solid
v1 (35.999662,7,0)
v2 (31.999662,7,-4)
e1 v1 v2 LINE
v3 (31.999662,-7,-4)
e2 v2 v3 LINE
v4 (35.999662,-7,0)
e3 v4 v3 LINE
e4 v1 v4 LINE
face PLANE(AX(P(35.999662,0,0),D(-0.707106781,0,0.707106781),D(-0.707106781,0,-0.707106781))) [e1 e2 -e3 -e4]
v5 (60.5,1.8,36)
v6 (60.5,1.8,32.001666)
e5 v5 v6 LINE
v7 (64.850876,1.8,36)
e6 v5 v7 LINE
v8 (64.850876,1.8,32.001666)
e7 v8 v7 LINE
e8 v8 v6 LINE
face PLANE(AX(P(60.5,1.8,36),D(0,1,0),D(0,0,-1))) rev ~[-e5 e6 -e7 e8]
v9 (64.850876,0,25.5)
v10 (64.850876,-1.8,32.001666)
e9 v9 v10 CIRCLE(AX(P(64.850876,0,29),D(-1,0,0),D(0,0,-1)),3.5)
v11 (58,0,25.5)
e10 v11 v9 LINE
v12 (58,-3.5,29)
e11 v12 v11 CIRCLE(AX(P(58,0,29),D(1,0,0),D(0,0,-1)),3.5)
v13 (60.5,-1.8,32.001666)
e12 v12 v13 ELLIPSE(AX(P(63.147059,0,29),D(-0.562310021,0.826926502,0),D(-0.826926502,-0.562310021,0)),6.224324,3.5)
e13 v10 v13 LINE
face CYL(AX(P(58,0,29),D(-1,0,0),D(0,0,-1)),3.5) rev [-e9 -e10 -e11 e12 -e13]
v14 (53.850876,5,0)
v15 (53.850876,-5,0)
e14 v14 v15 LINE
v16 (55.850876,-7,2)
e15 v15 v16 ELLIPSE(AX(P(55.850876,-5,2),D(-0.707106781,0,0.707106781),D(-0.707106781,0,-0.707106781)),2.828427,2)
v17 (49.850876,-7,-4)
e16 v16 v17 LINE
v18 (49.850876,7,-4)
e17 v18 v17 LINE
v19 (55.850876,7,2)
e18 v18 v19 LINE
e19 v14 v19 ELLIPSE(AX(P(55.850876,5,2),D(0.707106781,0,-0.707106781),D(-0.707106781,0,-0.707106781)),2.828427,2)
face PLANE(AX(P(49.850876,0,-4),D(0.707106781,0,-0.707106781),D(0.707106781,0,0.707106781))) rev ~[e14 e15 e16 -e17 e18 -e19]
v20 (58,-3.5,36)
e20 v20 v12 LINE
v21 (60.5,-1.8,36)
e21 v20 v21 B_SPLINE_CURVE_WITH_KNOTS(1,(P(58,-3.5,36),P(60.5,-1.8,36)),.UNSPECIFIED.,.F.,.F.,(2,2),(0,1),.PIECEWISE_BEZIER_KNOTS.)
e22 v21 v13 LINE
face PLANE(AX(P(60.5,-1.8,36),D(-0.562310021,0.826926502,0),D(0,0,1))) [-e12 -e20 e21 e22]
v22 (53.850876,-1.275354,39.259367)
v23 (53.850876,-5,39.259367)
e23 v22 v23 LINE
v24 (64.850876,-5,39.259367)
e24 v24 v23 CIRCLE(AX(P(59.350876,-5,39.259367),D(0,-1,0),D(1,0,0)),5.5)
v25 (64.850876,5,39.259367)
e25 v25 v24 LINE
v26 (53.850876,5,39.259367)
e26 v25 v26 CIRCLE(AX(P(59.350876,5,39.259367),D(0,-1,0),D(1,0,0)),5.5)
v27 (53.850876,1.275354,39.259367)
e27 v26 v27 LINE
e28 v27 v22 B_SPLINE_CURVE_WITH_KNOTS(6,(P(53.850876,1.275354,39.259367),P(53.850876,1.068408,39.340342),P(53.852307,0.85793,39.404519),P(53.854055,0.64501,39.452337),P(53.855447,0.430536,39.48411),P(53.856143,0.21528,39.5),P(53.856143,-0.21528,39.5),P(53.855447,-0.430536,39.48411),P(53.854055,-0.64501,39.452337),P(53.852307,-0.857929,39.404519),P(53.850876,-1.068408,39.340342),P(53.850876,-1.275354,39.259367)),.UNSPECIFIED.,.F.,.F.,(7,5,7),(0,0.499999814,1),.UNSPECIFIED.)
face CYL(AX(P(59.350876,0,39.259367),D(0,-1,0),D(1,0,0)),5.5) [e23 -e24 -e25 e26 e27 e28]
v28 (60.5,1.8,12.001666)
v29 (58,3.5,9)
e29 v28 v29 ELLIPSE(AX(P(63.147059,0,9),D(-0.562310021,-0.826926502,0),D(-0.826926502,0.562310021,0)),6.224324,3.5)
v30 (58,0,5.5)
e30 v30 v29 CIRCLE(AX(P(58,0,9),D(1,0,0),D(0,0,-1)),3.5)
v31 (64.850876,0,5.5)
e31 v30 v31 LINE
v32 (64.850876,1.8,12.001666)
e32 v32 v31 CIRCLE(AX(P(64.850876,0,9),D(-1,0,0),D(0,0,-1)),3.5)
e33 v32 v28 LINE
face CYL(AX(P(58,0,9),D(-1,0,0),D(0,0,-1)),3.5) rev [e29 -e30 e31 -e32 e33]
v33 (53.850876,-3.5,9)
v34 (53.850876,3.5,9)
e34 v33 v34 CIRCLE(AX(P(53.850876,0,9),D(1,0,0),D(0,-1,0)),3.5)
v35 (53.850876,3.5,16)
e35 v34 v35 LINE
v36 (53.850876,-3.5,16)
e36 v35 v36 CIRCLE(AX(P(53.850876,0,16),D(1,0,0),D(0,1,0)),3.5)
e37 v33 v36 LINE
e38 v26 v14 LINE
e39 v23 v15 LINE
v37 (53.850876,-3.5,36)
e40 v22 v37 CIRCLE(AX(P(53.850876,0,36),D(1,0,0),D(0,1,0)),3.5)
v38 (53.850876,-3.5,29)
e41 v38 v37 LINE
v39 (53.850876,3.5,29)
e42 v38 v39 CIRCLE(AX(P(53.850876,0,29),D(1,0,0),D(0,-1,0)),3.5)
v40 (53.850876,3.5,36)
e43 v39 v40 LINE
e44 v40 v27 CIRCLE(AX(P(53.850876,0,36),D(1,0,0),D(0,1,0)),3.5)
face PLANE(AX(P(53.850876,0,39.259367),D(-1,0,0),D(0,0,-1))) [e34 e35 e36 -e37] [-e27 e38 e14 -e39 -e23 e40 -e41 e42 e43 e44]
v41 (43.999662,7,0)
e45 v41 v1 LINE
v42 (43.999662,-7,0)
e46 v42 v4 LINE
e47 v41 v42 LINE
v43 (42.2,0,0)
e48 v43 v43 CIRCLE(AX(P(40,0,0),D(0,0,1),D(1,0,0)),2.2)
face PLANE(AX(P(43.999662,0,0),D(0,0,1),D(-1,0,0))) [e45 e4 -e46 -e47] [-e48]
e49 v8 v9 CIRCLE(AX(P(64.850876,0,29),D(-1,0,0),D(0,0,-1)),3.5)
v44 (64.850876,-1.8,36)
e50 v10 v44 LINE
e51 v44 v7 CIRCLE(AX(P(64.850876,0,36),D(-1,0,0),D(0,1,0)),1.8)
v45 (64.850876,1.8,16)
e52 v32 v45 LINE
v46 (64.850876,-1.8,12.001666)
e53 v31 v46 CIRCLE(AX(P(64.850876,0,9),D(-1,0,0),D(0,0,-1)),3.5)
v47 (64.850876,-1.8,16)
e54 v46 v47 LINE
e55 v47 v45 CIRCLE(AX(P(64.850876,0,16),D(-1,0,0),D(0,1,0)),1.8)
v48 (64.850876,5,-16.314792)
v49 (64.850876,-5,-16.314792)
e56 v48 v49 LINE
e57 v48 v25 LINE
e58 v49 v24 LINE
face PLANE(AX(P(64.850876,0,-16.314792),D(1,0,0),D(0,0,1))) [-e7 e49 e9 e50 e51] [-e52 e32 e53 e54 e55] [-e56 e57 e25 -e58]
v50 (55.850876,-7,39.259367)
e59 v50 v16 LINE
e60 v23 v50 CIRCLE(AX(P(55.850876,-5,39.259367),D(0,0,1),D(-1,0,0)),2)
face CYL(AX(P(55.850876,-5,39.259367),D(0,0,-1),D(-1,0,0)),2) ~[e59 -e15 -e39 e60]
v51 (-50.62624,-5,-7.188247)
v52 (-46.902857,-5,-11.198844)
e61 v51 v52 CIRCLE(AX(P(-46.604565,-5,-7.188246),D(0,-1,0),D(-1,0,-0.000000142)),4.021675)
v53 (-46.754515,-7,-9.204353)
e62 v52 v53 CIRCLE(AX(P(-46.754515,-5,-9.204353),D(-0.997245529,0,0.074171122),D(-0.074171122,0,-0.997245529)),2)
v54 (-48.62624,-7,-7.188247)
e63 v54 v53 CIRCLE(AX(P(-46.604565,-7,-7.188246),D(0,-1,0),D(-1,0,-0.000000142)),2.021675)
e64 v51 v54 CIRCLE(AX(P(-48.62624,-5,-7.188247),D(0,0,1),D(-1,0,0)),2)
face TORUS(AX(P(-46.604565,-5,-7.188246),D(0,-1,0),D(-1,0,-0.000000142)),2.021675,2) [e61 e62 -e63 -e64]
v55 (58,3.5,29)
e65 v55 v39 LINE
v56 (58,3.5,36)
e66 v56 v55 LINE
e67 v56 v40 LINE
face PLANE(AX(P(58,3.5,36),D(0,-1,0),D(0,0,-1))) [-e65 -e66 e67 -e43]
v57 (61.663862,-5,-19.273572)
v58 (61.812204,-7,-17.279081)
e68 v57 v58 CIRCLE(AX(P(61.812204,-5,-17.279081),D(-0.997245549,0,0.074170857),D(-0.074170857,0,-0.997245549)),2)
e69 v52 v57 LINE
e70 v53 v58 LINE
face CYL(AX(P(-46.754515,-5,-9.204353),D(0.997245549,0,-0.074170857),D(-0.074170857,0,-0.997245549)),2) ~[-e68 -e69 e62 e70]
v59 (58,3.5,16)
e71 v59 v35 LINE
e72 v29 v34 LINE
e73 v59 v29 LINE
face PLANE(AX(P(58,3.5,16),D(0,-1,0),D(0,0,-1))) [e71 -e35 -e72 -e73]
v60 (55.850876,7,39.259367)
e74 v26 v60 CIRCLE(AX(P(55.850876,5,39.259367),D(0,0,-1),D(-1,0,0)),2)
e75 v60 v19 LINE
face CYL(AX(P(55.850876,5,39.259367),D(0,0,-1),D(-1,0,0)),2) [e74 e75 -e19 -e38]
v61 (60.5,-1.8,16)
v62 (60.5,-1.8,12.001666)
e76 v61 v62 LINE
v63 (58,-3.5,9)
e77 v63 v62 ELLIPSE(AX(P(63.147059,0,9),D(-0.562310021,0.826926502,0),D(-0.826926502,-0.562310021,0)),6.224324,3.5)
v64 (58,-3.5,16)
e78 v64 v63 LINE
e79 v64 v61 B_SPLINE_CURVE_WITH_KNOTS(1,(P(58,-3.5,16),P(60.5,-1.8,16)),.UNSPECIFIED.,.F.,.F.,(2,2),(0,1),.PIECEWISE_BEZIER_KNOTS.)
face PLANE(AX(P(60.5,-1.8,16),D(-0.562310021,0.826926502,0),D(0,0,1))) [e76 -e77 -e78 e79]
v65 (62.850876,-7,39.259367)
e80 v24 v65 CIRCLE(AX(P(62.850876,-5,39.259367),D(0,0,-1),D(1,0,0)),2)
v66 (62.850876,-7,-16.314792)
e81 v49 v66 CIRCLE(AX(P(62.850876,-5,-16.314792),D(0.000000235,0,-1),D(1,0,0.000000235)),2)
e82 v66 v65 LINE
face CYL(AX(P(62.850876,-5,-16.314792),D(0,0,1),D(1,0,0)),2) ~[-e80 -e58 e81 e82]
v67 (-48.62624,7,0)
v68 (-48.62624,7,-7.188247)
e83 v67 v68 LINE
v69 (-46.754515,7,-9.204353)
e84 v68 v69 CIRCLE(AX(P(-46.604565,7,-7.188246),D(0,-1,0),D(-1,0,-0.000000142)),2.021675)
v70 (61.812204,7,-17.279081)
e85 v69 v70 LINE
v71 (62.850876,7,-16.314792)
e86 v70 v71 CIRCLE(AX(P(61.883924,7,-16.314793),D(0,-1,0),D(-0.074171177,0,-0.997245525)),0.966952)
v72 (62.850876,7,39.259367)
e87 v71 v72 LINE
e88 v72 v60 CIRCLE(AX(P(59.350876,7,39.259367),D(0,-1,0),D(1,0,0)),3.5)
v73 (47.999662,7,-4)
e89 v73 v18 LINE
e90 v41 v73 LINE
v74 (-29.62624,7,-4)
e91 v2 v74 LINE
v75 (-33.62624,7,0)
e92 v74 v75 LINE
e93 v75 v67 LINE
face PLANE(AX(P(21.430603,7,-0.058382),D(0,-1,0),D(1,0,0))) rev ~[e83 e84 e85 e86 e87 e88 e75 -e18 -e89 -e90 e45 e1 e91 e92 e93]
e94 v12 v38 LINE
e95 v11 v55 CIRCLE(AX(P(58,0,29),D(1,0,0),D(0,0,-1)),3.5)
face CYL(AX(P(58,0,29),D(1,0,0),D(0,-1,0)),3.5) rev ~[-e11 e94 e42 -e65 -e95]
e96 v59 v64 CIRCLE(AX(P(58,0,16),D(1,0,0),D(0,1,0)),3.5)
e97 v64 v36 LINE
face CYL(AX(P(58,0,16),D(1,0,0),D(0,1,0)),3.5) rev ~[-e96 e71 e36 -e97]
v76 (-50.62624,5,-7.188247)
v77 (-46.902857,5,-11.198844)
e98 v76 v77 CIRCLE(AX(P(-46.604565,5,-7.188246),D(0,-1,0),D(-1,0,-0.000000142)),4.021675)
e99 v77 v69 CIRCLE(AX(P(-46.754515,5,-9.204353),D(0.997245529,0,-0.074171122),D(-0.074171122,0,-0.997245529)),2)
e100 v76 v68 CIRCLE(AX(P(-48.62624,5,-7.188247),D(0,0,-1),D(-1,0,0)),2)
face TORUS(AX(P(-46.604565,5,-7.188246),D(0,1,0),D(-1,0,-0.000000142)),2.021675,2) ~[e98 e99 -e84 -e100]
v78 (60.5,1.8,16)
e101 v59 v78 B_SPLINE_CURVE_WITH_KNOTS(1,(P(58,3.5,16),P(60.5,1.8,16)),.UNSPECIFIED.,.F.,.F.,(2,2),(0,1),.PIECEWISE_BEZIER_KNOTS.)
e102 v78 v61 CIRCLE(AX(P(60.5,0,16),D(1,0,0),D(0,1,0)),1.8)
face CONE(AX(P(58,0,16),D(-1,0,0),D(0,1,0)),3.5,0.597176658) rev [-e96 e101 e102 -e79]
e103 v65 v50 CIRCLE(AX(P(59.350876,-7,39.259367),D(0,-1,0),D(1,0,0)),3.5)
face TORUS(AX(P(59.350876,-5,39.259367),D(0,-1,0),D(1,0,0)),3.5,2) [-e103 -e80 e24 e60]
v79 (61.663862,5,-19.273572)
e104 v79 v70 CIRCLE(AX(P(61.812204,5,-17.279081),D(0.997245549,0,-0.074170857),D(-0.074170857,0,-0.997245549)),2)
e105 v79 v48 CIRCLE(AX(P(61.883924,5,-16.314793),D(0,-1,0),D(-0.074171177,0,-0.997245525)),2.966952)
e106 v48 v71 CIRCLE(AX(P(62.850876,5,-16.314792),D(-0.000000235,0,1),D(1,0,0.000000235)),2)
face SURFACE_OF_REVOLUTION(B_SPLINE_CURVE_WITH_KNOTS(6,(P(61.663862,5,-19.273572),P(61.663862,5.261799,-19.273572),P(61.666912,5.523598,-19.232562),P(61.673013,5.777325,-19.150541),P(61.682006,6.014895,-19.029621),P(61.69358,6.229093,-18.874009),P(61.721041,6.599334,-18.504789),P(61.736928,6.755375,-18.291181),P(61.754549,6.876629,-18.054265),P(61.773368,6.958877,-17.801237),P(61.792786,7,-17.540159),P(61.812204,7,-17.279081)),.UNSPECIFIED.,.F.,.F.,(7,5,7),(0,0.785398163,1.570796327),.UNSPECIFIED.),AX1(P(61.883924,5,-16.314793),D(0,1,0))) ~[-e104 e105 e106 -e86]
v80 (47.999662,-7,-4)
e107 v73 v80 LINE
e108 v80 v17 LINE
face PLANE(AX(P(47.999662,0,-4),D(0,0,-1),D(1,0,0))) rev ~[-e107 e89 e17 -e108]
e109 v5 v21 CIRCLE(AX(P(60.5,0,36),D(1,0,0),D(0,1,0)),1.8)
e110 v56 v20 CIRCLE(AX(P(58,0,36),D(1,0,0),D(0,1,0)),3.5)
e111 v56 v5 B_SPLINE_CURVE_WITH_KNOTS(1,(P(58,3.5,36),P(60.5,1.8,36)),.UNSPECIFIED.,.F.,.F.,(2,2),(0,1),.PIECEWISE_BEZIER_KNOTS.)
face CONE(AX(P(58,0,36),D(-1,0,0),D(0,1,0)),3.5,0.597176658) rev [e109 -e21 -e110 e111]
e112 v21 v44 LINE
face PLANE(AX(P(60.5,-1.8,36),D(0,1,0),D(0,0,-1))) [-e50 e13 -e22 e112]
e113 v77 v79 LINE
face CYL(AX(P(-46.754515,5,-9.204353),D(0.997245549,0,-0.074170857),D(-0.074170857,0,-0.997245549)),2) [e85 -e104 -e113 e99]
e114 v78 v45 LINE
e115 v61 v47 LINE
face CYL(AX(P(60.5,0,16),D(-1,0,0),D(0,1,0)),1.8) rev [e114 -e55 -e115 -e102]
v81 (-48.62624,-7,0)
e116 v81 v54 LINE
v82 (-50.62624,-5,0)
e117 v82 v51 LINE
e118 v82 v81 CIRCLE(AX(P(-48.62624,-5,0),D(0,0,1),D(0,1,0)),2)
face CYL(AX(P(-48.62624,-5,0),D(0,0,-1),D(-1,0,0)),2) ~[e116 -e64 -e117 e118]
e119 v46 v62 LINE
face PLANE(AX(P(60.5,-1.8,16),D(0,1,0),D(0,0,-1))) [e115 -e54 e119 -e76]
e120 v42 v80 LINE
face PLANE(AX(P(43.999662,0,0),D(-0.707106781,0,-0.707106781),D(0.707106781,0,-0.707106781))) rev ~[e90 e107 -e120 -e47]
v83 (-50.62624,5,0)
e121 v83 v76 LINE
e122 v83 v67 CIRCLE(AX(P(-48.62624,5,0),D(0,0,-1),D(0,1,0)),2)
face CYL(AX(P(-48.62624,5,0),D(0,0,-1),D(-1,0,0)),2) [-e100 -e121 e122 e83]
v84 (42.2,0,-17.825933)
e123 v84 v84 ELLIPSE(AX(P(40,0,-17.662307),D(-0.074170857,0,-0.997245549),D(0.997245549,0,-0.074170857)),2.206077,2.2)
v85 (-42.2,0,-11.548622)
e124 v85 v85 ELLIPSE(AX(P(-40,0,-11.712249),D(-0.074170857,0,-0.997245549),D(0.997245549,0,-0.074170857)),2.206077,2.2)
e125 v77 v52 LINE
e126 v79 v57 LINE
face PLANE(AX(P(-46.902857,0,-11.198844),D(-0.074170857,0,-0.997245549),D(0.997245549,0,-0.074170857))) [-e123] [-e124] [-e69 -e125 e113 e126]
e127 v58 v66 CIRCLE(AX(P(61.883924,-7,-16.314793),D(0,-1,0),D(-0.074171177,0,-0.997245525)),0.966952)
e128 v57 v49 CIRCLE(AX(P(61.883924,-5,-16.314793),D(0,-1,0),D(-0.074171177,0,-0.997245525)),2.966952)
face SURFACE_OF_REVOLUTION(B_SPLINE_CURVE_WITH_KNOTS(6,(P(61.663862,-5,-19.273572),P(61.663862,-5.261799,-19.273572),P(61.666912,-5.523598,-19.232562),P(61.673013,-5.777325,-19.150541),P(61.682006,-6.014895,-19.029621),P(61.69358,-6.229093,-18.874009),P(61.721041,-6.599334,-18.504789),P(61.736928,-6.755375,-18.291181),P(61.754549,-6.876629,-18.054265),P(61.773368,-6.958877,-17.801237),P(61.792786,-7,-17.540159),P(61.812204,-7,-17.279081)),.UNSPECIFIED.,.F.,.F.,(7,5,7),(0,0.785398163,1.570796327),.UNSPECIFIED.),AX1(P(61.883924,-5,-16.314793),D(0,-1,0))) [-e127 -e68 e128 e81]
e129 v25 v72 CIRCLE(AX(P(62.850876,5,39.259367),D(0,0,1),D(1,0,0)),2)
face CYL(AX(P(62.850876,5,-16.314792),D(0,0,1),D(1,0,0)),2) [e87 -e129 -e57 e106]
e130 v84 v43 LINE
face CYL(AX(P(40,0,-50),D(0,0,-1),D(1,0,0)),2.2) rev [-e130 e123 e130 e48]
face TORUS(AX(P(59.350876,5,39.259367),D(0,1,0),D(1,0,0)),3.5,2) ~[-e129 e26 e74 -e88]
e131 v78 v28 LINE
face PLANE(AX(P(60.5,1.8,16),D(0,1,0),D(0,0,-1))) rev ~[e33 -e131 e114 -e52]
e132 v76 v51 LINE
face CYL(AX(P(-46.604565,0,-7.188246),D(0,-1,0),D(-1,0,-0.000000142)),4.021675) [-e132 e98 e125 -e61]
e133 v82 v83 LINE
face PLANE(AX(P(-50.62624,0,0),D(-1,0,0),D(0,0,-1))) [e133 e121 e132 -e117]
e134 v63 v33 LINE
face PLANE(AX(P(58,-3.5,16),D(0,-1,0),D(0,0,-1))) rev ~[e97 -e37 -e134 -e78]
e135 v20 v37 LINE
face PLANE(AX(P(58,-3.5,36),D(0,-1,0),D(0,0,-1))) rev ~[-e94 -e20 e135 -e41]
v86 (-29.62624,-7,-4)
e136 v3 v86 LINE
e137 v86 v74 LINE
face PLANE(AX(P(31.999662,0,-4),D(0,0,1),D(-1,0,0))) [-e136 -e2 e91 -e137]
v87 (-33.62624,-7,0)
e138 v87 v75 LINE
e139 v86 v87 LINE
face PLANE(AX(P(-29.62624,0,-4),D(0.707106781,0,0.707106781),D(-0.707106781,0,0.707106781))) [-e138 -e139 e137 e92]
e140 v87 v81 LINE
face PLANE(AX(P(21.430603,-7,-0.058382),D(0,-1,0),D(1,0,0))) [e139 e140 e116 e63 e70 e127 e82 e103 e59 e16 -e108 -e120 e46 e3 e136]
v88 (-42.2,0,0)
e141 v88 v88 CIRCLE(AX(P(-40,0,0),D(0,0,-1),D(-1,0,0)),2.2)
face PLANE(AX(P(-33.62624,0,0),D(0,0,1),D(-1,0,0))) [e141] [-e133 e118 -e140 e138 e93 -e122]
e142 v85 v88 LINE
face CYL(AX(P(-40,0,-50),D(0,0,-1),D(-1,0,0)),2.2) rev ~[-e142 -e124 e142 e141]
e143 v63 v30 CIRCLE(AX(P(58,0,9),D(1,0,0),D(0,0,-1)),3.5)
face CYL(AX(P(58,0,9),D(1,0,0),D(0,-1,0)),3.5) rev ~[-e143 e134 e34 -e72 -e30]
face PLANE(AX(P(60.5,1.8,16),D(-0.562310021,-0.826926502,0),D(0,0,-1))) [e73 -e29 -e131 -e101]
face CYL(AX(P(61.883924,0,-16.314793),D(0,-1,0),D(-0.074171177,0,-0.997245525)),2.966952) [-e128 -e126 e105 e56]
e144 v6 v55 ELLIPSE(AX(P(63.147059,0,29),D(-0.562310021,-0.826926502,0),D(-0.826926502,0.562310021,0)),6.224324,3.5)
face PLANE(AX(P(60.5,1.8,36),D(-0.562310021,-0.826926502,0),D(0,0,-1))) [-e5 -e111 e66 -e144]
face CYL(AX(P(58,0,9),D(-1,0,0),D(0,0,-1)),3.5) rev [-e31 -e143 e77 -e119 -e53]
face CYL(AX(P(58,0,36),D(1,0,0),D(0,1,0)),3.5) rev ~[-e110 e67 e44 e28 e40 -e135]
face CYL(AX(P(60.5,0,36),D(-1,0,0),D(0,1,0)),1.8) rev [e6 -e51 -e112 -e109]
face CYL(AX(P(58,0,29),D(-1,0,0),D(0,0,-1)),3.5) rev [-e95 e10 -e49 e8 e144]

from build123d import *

# Parameters (mm, degrees)
CYLINDER007_R             = 2.2
CYLINDER007_DEPTH         = 50
EXTRUDE007_DEPTH          = 10
EXTRUDE006_DEPTH          = 10
CYLINDER009_R             = 3.5
CYLINDER009_DEPTH         = 12.5
FUSION010_PLACEMENT_ANGLE = 90
ARRAY006_Z_COUNT          = 2
ARRAY006_Z_PITCH          = 20
EXTRUDE005_DEPTH          = 7
FILLET_R                  = 2


with BuildPart() as bolt_hole001:
    # Cylinder007 → Cylinder007 (new body)
    with BuildSketch(Plane(origin=(40, 0, -50), x_dir=(1, 0, 0), z_dir=(0, 0, 1))):
        Circle(CYLINDER007_R)
    extrude(amount=CYLINDER007_DEPTH)


with BuildPart() as screw_top_hole_sketch_extrude:
    # Sketch007 → Extrude007 (new body)
    with BuildSketch(Plane.XY):
        with BuildLine():
            Line((0, 3.5), (7, 3.5))
            ThreePointArc((7, -3.5), (10.5, 0), (7, 3.5))
            Line((0, -3.5), (7, -3.5))
            ThreePointArc((0, 3.5), (-3.5, 0), (0, -3.5))
        make_face()
    extrude(amount=-EXTRUDE007_DEPTH)


with BuildPart() as screw_hole_sketch_extrude:
    # Sketch008 → Extrude006 (new body)
    with BuildSketch(Plane.XY.offset(2.5)):
        with BuildLine():
            Line((0, 1.8), (7, 1.8))
            ThreePointArc((7, -1.8), (8.8, 0), (7, 1.8))
            Line((0, -1.8), (7, -1.8))
            ThreePointArc((0, 1.8), (-1.8, 0), (0, -1.8))
        make_face()
    extrude(amount=EXTRUDE006_DEPTH)


with BuildPart() as loft_body:
    # Sketch007 → Loft section 0
    with BuildSketch(Plane.XY):
        with BuildLine():
            Line((0, 3.5), (7, 3.5))
            ThreePointArc((7, -3.5), (10.5, 0), (7, 3.5))
            Line((0, -3.5), (7, -3.5))
            ThreePointArc((0, 3.5), (-3.5, 0), (0, -3.5))
        make_face()
    # Sketch008 → Loft section 1
    with BuildSketch(Plane.XY.offset(2.5)):
        with BuildLine():
            Line((0, 1.8), (7, 1.8))
            ThreePointArc((7, -1.8), (8.8, 0), (7, 1.8))
            Line((0, -1.8), (7, -1.8))
            ThreePointArc((0, 1.8), (-1.8, 0), (0, -1.8))
        make_face()
    loft(ruled=True)


with BuildPart() as screw_hole_array:
    # Cylinder009 → Cylinder009 (new body)
    with BuildSketch(Plane(origin=(7, 0, 0), x_dir=(1, 0, 0), z_dir=(0, 0, 1))):
        Circle(CYLINDER009_R)
    extrude(amount=CYLINDER009_DEPTH)

    # Fusion010: union screw top hole sketch extrude, screw hole sketch extrude, Loft body
    add(screw_top_hole_sketch_extrude.part)
    add(screw_hole_sketch_extrude.part)
    add(loft_body.part)


with BuildPart() as screw_hole_array_1:
    # Fusion010 placement: moved
    add(screw_hole_array.part.moved(Location((58, 0, 16))).rotate(Axis((58, 0, 16), (0, 1, 0)), FUSION010_PLACEMENT_ANGLE))

    # Array006 Z: screw hole array ×2


with BuildPart() as screw_hole_array_2:
    add(screw_hole_array_1.part)
    with Locations(*[(0, 0, i * ARRAY006_Z_PITCH) for i in range(1, ARRAY006_Z_COUNT)]):
        add(screw_hole_array_1.part)


with BuildPart() as hand_hole_fusion:
    # Part__Mirroring: instance of bolt hole001
    add(bolt_hole001.part.mirror(Plane(origin=(0, 0, 0), x_dir=(0, -1, 0), z_dir=(1, 0, 0))))

    # Fusion009: union bolt hole001, screw hole array
    add(bolt_hole001.part)
    add(screw_hole_array_2.part)


with BuildPart() as hand_cut:
    # Sketch006 → Extrude005 (new body, symmetric)
    with BuildSketch(Plane.XZ):
        with BuildLine():
            Line((-50.62624, 0), (-50.62624, -7.188247))
            ThreePointArc((-50.62624, -7.188247), (-49.551894, -9.924507), (-46.902857, -11.198844))
            Line((-46.902857, -11.198844), (61.663862, -19.273572))
            ThreePointArc((61.663862, -19.273572), (63.902574, -18.489156), (64.850876, -16.314792))
            Line((64.850876, -16.314792), (64.850876, 39.259367))
            ThreePointArc((64.850876, 39.259367), (59.350876, 44.759367), (53.850876, 39.259367))
            Line((53.850876, 39.259367), (53.850876, 0))
            Line((49.850876, -4), (53.850876, 0))
            Line((47.999662, -4), (49.850876, -4))
            Line((43.999662, 0), (47.999662, -4))
            Line((43.999662, 0), (35.999662, 0))
            Line((35.999662, 0), (31.999662, -4))
            Line((31.999662, -4), (-29.62624, -4))
            Line((-29.62624, -4), (-33.62624, 0))
            Line((-33.62624, 0), (-50.62624, 0))
        make_face()
    extrude(amount=EXTRUDE005_DEPTH, both=True)

    # Fillet
    fillet_edges = [hand_cut.edges().sort_by_distance(p)[0] for p in [
        (7.380503, 7, -15.236208),
        (7.380503, -7, -15.236208),
    ]]
    fillet(fillet_edges, radius=FILLET_R)

    # Cut011: cut hand hole fusion
    add(hand_hole_fusion.part, mode=Mode.SUBTRACT)


solid = hand_cut.part
